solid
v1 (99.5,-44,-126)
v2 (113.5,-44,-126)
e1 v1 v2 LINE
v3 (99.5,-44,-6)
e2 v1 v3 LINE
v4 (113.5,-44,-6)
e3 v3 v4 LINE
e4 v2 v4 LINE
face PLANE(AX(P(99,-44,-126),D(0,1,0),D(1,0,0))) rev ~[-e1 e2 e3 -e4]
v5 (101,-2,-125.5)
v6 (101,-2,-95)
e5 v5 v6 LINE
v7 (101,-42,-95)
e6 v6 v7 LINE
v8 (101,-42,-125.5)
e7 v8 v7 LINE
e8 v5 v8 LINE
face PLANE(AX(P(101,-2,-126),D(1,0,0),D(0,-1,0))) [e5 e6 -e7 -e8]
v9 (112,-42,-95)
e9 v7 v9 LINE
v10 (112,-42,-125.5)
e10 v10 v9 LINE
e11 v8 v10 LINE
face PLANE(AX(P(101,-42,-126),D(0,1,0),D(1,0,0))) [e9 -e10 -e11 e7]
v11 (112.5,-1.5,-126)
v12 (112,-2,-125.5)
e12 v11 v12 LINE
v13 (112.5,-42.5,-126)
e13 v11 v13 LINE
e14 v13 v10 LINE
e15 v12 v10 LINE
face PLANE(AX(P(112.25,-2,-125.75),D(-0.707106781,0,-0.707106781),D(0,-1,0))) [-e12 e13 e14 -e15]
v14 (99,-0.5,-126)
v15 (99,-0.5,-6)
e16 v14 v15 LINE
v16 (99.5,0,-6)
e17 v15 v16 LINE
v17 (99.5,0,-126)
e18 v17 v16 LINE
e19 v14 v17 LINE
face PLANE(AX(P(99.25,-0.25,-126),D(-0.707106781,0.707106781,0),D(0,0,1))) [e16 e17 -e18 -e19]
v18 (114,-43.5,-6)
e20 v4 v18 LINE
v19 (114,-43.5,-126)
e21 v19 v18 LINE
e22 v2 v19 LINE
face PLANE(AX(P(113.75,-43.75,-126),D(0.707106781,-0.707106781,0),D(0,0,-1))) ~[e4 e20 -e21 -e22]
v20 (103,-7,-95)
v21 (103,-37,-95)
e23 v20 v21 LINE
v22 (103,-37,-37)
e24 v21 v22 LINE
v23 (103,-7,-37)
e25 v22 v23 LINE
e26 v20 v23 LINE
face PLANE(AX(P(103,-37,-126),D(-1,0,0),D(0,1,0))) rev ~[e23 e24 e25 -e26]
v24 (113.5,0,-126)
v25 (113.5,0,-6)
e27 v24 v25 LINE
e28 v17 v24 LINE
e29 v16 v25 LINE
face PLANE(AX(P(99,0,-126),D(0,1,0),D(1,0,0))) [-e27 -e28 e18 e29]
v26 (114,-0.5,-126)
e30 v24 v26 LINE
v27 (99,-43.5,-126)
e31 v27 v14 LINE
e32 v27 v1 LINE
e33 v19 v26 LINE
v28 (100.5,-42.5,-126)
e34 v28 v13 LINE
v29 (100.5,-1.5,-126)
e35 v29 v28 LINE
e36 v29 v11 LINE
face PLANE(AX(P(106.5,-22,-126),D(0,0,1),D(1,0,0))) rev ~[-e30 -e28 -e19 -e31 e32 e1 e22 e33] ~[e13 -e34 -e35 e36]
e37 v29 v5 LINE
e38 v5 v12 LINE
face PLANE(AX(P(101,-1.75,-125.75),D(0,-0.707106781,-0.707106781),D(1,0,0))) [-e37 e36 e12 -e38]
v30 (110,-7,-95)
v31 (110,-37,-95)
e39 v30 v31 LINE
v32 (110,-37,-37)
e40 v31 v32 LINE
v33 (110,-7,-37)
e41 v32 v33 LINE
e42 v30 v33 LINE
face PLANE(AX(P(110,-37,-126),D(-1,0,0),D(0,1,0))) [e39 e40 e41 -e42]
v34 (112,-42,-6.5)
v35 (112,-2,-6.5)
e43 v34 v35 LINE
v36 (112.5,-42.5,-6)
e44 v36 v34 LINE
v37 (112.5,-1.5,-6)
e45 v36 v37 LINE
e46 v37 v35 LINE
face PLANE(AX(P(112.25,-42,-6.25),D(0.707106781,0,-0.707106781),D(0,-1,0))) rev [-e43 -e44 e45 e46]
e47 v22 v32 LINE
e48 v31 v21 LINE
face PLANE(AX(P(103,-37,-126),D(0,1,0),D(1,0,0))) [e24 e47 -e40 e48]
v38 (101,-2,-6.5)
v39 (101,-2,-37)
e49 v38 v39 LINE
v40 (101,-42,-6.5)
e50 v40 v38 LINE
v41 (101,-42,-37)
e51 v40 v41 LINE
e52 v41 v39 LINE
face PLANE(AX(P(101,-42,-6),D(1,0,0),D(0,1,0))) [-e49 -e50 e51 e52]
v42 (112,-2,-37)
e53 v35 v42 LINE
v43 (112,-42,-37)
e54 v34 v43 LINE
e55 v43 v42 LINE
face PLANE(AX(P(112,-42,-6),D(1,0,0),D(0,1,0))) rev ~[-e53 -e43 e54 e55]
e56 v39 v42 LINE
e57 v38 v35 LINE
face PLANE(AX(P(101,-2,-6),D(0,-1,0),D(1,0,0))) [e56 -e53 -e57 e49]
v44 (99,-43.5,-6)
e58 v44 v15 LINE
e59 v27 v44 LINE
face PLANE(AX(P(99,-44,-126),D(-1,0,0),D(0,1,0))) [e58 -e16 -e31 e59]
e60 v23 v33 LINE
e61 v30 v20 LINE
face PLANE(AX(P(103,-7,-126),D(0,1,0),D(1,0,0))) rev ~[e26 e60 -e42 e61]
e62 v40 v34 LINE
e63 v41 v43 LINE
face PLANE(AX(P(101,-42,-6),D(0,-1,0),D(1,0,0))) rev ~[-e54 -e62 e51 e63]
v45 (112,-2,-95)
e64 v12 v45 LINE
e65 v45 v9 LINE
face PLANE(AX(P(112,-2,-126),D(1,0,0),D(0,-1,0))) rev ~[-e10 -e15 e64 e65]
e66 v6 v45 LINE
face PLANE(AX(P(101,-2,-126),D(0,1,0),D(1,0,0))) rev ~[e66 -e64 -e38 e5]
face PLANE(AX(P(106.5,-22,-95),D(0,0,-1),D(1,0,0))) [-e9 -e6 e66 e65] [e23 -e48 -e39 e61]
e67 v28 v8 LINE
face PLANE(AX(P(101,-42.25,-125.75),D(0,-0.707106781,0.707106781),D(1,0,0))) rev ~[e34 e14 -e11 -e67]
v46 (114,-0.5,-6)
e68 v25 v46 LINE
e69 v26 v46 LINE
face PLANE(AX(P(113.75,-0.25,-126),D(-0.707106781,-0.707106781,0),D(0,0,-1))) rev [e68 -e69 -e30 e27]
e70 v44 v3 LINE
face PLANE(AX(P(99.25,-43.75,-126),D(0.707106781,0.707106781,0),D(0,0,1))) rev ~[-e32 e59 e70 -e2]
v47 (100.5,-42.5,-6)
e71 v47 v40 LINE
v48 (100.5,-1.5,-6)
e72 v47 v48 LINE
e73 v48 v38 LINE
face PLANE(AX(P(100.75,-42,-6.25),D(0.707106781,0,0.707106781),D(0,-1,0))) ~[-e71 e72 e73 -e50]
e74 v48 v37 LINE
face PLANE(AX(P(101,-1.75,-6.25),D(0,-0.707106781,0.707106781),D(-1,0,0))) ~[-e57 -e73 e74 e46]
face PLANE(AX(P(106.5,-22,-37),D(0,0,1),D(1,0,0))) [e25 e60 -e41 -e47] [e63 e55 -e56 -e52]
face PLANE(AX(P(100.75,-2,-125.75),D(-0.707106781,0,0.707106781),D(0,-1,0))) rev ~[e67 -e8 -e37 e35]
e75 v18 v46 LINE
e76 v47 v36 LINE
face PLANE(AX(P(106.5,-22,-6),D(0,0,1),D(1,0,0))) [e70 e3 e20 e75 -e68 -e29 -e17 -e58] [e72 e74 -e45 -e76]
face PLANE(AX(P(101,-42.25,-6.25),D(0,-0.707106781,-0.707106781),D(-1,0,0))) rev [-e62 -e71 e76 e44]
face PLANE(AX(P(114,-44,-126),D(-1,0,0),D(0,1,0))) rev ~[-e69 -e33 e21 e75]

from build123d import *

# Parameters (mm, degrees)
SKETCH114_W     = 15
SKETCH114_H     = 44
SKETCH114_W_2   = 7
SKETCH114_H_2   = 30
PAD062_DEPTH    = 120
SKETCH115_W     = 11
SKETCH115_H     = 40
POCKET042_DEPTH = 31
SKETCH116_W     = 11
SKETCH116_H     = 40
POCKET043_DEPTH = 31
CHAMFER059_SIZE = 0.5
CHAMFER060_SIZE = 0.5


with BuildPart() as part:
    # Sketch114 → Pad062 (new body)
    with BuildSketch(Plane.XY):
        Rectangle(SKETCH114_W, SKETCH114_H)
        Rectangle(SKETCH114_W_2, SKETCH114_H_2, mode=Mode.SUBTRACT)
    extrude(amount=PAD062_DEPTH)

    # Sketch115 (on Face9 of Pad062) → Pocket042 (cut)
    with BuildSketch(Plane(origin=(0, 0, 0), x_dir=(1, 0, 0), z_dir=(0, 0, -1))):
        Rectangle(SKETCH115_W, SKETCH115_H)
    extrude(amount=-POCKET042_DEPTH, mode=Mode.SUBTRACT)

    # Sketch116 (on Face5 of Pocket042) → Pocket043 (cut)
    with BuildSketch(Plane.XY.offset(120)):
        Rectangle(SKETCH116_W, SKETCH116_H)
    extrude(amount=-POCKET043_DEPTH, mode=Mode.SUBTRACT)

    # Chamfer059
    chamfer059_edges = [part.edges().sort_by_distance(p)[0] for p in [
        (7.5, -22, 60),
        (-7.5, -22, 60),
        (-7.5, 22, 60),
        (7.5, 22, 60),
    ]]
    chamfer(chamfer059_edges, length=CHAMFER059_SIZE)

    # Chamfer060
    chamfer060_edges = [part.edges().sort_by_distance(p)[0] for p in [
        (-5.5, 0, 120),
        (0, -20, 120),
        (5.5, 0, 120),
        (0, 20, 120),
        (-5.5, 0, 0),
        (5.5, 0, 0),
        (0, -20, 0),
        (0, 20, 0),
    ]]
    chamfer(chamfer060_edges, length=CHAMFER060_SIZE)


with BuildPart() as part_1:
    # Body021 placement: moved
    add(part.part.moved(Location((106.5, -22, -126))))


solid = part_1.part
